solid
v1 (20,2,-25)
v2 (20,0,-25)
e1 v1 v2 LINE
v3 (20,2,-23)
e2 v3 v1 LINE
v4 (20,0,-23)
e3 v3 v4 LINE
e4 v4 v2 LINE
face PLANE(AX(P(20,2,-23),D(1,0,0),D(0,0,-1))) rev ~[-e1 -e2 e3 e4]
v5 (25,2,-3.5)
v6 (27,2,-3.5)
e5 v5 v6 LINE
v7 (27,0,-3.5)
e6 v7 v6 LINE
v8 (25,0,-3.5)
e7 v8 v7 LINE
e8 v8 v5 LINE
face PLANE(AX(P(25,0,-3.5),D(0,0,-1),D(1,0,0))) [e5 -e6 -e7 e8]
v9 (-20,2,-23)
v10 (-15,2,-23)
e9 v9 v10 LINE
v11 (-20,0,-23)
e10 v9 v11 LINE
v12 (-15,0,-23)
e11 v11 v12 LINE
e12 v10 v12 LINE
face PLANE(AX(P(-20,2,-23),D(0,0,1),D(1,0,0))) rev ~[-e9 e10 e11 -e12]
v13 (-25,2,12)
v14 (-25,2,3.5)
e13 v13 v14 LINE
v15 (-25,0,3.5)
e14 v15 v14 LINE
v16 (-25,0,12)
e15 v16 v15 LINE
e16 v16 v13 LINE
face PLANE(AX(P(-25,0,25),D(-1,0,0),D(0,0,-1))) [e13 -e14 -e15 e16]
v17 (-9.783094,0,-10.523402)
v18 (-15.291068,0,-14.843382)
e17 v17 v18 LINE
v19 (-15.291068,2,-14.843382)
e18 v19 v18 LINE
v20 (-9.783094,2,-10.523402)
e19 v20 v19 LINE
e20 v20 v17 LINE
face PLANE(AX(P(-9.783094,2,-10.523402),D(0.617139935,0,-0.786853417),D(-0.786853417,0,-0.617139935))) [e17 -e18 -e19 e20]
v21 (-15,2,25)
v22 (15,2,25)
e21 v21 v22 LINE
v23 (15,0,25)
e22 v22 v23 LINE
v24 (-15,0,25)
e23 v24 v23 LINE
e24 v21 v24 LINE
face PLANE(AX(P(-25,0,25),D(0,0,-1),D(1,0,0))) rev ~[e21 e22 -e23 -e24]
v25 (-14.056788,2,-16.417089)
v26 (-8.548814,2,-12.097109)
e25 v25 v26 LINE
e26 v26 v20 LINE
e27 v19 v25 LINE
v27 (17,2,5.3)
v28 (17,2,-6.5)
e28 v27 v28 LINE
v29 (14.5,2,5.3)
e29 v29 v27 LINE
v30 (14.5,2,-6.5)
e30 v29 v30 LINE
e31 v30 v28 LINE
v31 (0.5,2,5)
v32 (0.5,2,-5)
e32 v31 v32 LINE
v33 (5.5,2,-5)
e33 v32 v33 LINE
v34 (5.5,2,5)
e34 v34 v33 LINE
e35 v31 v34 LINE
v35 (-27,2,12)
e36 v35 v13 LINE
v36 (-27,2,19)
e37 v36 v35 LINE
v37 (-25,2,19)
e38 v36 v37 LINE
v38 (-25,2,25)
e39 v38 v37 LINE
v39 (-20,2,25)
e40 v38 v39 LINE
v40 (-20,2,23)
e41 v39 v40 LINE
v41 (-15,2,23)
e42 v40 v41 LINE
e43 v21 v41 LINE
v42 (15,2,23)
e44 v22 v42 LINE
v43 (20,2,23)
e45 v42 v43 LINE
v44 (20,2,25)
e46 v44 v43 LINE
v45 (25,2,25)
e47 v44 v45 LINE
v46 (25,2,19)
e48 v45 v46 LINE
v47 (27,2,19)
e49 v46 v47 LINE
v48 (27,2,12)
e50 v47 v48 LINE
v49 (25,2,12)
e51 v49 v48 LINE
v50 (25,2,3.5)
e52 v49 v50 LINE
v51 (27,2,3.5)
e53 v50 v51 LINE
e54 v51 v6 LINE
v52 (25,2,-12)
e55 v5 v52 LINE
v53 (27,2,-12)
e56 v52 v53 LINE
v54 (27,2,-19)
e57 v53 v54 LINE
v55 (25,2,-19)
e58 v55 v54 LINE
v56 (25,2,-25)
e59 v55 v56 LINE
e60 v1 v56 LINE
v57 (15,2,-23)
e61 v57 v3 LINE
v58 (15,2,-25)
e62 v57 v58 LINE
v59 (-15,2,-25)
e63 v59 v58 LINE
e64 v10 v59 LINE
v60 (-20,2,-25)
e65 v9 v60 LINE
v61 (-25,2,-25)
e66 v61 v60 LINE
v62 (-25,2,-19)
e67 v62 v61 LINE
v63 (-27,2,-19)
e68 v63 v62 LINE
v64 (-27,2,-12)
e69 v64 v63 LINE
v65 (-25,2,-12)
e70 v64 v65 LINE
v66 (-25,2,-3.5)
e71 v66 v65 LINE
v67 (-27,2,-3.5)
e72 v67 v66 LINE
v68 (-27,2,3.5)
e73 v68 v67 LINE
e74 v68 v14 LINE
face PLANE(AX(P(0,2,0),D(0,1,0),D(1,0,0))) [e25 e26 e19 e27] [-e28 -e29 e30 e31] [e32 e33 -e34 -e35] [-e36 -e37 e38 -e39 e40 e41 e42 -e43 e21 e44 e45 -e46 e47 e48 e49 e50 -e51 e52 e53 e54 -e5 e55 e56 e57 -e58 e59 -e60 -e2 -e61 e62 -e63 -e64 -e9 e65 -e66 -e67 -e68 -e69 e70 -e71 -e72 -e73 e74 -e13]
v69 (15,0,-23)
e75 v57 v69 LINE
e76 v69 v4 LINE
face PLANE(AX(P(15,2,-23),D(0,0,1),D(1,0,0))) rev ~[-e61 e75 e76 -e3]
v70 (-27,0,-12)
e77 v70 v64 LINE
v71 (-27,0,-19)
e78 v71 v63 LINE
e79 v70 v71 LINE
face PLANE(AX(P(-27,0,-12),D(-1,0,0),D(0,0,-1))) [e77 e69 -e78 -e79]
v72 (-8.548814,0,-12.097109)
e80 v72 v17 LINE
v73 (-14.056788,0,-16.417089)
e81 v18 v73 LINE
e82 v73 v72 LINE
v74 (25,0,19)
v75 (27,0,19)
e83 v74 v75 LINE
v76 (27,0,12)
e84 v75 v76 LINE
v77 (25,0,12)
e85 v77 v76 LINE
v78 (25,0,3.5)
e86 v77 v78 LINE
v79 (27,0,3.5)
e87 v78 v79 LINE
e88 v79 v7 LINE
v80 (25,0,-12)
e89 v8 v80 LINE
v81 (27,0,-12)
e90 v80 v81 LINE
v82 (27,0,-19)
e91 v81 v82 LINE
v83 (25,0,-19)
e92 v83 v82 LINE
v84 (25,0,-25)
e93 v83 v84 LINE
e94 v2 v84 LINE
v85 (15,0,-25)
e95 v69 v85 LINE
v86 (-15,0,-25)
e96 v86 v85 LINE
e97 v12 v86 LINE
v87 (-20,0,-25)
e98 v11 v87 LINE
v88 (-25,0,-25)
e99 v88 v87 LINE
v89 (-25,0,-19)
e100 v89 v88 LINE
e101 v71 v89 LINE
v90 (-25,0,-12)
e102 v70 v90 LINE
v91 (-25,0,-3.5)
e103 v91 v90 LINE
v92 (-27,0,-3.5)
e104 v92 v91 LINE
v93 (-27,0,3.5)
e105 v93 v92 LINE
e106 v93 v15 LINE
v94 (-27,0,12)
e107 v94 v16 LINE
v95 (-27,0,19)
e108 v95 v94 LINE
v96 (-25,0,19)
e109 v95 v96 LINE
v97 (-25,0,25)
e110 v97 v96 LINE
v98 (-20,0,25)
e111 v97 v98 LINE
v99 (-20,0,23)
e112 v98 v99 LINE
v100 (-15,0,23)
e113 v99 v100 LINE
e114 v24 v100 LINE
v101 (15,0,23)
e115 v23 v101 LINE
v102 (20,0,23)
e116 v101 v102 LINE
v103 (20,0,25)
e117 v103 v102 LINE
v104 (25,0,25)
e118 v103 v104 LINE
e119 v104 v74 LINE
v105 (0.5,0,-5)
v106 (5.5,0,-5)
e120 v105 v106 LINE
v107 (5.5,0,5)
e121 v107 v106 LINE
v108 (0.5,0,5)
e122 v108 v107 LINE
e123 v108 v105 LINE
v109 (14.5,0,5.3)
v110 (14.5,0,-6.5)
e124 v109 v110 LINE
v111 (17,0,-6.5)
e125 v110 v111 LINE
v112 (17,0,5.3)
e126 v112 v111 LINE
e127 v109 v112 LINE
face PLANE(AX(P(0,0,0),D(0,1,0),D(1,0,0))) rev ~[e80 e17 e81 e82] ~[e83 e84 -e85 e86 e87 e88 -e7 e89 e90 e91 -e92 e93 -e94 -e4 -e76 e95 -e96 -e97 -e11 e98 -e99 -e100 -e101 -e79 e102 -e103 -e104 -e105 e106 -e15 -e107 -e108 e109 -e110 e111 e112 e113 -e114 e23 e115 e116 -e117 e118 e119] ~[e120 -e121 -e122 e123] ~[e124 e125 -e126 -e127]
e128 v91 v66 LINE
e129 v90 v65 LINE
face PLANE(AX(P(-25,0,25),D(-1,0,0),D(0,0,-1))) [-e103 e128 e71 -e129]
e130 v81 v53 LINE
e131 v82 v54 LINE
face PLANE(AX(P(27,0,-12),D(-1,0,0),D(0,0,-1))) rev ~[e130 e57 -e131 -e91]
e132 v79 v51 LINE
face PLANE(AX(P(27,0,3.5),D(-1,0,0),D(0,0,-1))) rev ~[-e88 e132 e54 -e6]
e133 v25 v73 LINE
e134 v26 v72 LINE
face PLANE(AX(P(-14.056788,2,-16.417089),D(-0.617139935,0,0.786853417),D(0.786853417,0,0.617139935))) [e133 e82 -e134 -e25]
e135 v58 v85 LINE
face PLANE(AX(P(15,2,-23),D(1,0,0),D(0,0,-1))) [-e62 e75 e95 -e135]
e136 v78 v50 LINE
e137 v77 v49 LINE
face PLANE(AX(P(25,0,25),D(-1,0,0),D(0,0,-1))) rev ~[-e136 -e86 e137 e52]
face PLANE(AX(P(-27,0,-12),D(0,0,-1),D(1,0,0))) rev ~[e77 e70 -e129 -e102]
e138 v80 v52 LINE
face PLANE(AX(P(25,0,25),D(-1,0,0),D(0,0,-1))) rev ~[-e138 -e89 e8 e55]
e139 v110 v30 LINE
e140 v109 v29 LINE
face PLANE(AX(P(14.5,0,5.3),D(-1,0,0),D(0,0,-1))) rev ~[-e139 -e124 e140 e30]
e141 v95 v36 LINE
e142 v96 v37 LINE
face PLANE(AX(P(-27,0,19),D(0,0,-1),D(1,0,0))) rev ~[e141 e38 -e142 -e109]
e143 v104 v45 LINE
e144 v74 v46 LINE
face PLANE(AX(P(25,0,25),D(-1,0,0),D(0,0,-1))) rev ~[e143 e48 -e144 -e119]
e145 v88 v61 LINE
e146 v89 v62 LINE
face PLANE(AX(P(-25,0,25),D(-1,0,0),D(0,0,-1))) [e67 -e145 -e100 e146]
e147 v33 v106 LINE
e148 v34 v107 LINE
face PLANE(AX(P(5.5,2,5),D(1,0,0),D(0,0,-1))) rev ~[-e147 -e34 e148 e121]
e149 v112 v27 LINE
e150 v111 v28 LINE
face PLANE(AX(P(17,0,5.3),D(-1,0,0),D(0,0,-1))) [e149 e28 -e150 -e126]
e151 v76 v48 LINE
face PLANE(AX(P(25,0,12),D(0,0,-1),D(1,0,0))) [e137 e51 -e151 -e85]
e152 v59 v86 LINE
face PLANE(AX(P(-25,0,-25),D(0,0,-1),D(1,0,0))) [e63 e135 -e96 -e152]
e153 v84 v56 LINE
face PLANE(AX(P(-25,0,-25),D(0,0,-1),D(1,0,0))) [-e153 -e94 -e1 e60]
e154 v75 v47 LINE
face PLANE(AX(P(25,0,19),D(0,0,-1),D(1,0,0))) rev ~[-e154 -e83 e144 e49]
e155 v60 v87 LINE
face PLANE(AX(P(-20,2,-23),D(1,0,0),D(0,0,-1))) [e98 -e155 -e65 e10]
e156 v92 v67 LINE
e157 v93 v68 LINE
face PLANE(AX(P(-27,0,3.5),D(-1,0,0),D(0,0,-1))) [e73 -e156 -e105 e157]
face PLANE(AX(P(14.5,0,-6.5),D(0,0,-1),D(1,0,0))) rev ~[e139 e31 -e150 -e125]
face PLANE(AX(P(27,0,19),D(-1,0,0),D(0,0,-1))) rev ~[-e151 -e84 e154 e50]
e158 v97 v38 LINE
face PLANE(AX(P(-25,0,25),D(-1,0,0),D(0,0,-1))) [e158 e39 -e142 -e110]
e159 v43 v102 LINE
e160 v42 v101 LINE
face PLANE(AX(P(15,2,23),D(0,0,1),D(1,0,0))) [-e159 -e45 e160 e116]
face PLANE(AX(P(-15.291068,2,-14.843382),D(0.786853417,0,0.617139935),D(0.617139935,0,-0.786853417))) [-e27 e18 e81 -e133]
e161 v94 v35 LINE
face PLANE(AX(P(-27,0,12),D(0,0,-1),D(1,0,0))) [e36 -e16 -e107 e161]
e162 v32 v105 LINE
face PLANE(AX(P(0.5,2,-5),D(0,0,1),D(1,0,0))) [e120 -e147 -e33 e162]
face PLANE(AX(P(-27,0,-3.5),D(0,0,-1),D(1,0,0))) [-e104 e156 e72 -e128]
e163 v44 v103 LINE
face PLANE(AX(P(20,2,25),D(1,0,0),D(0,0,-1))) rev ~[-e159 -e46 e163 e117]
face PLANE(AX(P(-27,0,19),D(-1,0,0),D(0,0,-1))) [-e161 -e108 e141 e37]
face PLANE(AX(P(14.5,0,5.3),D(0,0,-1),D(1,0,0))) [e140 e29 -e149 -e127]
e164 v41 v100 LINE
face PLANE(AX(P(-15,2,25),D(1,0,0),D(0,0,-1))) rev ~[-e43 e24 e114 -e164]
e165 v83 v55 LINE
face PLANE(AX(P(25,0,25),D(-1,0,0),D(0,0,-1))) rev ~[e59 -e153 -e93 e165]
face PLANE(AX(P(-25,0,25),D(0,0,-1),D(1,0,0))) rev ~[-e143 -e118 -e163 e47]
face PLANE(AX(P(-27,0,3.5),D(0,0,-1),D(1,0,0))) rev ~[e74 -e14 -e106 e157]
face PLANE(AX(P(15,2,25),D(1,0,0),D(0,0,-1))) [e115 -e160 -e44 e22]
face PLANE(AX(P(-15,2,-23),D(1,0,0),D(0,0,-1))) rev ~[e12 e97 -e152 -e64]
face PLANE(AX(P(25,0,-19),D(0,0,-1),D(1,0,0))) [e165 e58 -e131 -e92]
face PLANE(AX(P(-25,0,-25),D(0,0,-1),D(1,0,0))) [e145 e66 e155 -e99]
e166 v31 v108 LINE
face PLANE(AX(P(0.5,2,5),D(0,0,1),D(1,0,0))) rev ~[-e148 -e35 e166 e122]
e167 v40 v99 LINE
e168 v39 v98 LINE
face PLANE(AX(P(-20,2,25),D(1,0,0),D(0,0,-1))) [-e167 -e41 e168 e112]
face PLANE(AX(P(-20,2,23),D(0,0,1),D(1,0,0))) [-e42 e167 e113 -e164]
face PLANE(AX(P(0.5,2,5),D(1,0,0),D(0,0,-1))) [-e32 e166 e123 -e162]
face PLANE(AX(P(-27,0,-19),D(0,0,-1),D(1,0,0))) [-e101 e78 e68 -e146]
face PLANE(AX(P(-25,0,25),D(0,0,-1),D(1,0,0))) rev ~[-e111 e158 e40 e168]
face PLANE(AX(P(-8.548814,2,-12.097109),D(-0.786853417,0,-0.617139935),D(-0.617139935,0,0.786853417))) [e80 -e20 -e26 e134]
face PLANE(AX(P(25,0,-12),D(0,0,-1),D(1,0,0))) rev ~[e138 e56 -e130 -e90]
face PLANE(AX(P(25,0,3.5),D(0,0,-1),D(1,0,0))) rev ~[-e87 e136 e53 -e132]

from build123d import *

# Parameters (mm, degrees)
SKETCH1_W           = 50
SKETCH1_H           = 50
SKETCH1_W_2         = 2.5
SKETCH1_H_2         = 11.8
SKETCH1_W_3         = 2
SKETCH1_H_3         = 7
BOSS_EXTRUDE1_DEPTH = 2
SKETCH3_W           = 5
SKETCH3_H           = 2
CUT_EXTRUDE1_DEPTH  = 2
SKETCH4_W           = 5
SKETCH4_H           = 10
CUT_EXTRUDE2_DEPTH  = 2
CUT_EXTRUDE3_DEPTH  = 2


with BuildPart() as part:
    # Sketch1 → Boss-Extrude1 (new body)
    # profile 1 of 7: a face of its own
    with BuildSketch(Plane(origin=(0, 0, 0), x_dir=(1, 0, 0), z_dir=(0, 1, 0))):
        Rectangle(SKETCH1_W, SKETCH1_H)
        with Locations((15.75, 0.6)):
            Rectangle(SKETCH1_W_2, SKETCH1_H_2, mode=Mode.SUBTRACT)
    # profile 2 of 7: a face of its own
    with BuildSketch(Plane(origin=(0, 0, 0), x_dir=(1, 0, 0), z_dir=(0, 1, 0))):
        with Locations((26, 0)):
            Rectangle(SKETCH1_W_3, SKETCH1_H_3)
    # profile 3 of 7: a face of its own
    with BuildSketch(Plane(origin=(0, 0, 0), x_dir=(1, 0, 0), z_dir=(0, 1, 0))):
        with Locations((26, 15.5)):
            Rectangle(SKETCH1_W_3, SKETCH1_H_3)
    # profile 4 of 7: a face of its own
    with BuildSketch(Plane(origin=(0, 0, 0), x_dir=(1, 0, 0), z_dir=(0, 1, 0))):
        with Locations((26, -15.5)):
            Rectangle(SKETCH1_W_3, SKETCH1_H_3)
    # profile 5 of 7: a face of its own
    with BuildSketch(Plane(origin=(0, 0, 0), x_dir=(1, 0, 0), z_dir=(0, 1, 0))):
        with Locations((-26, 0)):
            Rectangle(SKETCH1_W_3, SKETCH1_H_3)
    # profile 6 of 7: a face of its own
    with BuildSketch(Plane(origin=(0, 0, 0), x_dir=(1, 0, 0), z_dir=(0, 1, 0))):
        with Locations((-26, -15.5)):
            Rectangle(SKETCH1_W_3, SKETCH1_H_3)
    # profile 7 of 7: a face of its own
    with BuildSketch(Plane(origin=(0, 0, 0), x_dir=(1, 0, 0), z_dir=(0, 1, 0))):
        with Locations((-26, 15.5)):
            Rectangle(SKETCH1_W_3, SKETCH1_H_3)
    extrude(amount=BOSS_EXTRUDE1_DEPTH)

    # Sketch3 → Cut-Extrude1 (cut)
    with BuildSketch(Plane(origin=(0, 2, 0), x_dir=(1, 0, 0), z_dir=(0, 1, 0))):
        with Locations((17.5, 24)):
            Rectangle(SKETCH3_W, SKETCH3_H)
        with Locations((17.5, -24)):
            Rectangle(SKETCH3_W, SKETCH3_H)
        with Locations((-17.5, 24)):
            Rectangle(SKETCH3_W, SKETCH3_H)
        with Locations((-17.5, -24)):
            Rectangle(SKETCH3_W, SKETCH3_H)
    extrude(amount=-CUT_EXTRUDE1_DEPTH, mode=Mode.SUBTRACT)

    # Sketch4 → Cut-Extrude2 (cut)
    with BuildSketch(Plane(origin=(0, 2, 0), x_dir=(1, 0, 0), z_dir=(0, 1, 0))):
        with Locations((3, 0)):
            Rectangle(SKETCH4_W, SKETCH4_H)
    extrude(amount=-CUT_EXTRUDE2_DEPTH, mode=Mode.SUBTRACT)

    # Sketch5 → Cut-Extrude3 (cut)
    with BuildSketch(Plane(origin=(0, 2, 0), x_dir=(1, 0, 0), z_dir=(0, 1, 0))):
        Polygon((-14.056788221, 16.417088801), (-8.5488143, 12.097109255), (-9.78309417, 10.52340242), (-15.291068091, 14.843381966), align=None)
    extrude(amount=-CUT_EXTRUDE3_DEPTH, mode=Mode.SUBTRACT)


solid = part.part
